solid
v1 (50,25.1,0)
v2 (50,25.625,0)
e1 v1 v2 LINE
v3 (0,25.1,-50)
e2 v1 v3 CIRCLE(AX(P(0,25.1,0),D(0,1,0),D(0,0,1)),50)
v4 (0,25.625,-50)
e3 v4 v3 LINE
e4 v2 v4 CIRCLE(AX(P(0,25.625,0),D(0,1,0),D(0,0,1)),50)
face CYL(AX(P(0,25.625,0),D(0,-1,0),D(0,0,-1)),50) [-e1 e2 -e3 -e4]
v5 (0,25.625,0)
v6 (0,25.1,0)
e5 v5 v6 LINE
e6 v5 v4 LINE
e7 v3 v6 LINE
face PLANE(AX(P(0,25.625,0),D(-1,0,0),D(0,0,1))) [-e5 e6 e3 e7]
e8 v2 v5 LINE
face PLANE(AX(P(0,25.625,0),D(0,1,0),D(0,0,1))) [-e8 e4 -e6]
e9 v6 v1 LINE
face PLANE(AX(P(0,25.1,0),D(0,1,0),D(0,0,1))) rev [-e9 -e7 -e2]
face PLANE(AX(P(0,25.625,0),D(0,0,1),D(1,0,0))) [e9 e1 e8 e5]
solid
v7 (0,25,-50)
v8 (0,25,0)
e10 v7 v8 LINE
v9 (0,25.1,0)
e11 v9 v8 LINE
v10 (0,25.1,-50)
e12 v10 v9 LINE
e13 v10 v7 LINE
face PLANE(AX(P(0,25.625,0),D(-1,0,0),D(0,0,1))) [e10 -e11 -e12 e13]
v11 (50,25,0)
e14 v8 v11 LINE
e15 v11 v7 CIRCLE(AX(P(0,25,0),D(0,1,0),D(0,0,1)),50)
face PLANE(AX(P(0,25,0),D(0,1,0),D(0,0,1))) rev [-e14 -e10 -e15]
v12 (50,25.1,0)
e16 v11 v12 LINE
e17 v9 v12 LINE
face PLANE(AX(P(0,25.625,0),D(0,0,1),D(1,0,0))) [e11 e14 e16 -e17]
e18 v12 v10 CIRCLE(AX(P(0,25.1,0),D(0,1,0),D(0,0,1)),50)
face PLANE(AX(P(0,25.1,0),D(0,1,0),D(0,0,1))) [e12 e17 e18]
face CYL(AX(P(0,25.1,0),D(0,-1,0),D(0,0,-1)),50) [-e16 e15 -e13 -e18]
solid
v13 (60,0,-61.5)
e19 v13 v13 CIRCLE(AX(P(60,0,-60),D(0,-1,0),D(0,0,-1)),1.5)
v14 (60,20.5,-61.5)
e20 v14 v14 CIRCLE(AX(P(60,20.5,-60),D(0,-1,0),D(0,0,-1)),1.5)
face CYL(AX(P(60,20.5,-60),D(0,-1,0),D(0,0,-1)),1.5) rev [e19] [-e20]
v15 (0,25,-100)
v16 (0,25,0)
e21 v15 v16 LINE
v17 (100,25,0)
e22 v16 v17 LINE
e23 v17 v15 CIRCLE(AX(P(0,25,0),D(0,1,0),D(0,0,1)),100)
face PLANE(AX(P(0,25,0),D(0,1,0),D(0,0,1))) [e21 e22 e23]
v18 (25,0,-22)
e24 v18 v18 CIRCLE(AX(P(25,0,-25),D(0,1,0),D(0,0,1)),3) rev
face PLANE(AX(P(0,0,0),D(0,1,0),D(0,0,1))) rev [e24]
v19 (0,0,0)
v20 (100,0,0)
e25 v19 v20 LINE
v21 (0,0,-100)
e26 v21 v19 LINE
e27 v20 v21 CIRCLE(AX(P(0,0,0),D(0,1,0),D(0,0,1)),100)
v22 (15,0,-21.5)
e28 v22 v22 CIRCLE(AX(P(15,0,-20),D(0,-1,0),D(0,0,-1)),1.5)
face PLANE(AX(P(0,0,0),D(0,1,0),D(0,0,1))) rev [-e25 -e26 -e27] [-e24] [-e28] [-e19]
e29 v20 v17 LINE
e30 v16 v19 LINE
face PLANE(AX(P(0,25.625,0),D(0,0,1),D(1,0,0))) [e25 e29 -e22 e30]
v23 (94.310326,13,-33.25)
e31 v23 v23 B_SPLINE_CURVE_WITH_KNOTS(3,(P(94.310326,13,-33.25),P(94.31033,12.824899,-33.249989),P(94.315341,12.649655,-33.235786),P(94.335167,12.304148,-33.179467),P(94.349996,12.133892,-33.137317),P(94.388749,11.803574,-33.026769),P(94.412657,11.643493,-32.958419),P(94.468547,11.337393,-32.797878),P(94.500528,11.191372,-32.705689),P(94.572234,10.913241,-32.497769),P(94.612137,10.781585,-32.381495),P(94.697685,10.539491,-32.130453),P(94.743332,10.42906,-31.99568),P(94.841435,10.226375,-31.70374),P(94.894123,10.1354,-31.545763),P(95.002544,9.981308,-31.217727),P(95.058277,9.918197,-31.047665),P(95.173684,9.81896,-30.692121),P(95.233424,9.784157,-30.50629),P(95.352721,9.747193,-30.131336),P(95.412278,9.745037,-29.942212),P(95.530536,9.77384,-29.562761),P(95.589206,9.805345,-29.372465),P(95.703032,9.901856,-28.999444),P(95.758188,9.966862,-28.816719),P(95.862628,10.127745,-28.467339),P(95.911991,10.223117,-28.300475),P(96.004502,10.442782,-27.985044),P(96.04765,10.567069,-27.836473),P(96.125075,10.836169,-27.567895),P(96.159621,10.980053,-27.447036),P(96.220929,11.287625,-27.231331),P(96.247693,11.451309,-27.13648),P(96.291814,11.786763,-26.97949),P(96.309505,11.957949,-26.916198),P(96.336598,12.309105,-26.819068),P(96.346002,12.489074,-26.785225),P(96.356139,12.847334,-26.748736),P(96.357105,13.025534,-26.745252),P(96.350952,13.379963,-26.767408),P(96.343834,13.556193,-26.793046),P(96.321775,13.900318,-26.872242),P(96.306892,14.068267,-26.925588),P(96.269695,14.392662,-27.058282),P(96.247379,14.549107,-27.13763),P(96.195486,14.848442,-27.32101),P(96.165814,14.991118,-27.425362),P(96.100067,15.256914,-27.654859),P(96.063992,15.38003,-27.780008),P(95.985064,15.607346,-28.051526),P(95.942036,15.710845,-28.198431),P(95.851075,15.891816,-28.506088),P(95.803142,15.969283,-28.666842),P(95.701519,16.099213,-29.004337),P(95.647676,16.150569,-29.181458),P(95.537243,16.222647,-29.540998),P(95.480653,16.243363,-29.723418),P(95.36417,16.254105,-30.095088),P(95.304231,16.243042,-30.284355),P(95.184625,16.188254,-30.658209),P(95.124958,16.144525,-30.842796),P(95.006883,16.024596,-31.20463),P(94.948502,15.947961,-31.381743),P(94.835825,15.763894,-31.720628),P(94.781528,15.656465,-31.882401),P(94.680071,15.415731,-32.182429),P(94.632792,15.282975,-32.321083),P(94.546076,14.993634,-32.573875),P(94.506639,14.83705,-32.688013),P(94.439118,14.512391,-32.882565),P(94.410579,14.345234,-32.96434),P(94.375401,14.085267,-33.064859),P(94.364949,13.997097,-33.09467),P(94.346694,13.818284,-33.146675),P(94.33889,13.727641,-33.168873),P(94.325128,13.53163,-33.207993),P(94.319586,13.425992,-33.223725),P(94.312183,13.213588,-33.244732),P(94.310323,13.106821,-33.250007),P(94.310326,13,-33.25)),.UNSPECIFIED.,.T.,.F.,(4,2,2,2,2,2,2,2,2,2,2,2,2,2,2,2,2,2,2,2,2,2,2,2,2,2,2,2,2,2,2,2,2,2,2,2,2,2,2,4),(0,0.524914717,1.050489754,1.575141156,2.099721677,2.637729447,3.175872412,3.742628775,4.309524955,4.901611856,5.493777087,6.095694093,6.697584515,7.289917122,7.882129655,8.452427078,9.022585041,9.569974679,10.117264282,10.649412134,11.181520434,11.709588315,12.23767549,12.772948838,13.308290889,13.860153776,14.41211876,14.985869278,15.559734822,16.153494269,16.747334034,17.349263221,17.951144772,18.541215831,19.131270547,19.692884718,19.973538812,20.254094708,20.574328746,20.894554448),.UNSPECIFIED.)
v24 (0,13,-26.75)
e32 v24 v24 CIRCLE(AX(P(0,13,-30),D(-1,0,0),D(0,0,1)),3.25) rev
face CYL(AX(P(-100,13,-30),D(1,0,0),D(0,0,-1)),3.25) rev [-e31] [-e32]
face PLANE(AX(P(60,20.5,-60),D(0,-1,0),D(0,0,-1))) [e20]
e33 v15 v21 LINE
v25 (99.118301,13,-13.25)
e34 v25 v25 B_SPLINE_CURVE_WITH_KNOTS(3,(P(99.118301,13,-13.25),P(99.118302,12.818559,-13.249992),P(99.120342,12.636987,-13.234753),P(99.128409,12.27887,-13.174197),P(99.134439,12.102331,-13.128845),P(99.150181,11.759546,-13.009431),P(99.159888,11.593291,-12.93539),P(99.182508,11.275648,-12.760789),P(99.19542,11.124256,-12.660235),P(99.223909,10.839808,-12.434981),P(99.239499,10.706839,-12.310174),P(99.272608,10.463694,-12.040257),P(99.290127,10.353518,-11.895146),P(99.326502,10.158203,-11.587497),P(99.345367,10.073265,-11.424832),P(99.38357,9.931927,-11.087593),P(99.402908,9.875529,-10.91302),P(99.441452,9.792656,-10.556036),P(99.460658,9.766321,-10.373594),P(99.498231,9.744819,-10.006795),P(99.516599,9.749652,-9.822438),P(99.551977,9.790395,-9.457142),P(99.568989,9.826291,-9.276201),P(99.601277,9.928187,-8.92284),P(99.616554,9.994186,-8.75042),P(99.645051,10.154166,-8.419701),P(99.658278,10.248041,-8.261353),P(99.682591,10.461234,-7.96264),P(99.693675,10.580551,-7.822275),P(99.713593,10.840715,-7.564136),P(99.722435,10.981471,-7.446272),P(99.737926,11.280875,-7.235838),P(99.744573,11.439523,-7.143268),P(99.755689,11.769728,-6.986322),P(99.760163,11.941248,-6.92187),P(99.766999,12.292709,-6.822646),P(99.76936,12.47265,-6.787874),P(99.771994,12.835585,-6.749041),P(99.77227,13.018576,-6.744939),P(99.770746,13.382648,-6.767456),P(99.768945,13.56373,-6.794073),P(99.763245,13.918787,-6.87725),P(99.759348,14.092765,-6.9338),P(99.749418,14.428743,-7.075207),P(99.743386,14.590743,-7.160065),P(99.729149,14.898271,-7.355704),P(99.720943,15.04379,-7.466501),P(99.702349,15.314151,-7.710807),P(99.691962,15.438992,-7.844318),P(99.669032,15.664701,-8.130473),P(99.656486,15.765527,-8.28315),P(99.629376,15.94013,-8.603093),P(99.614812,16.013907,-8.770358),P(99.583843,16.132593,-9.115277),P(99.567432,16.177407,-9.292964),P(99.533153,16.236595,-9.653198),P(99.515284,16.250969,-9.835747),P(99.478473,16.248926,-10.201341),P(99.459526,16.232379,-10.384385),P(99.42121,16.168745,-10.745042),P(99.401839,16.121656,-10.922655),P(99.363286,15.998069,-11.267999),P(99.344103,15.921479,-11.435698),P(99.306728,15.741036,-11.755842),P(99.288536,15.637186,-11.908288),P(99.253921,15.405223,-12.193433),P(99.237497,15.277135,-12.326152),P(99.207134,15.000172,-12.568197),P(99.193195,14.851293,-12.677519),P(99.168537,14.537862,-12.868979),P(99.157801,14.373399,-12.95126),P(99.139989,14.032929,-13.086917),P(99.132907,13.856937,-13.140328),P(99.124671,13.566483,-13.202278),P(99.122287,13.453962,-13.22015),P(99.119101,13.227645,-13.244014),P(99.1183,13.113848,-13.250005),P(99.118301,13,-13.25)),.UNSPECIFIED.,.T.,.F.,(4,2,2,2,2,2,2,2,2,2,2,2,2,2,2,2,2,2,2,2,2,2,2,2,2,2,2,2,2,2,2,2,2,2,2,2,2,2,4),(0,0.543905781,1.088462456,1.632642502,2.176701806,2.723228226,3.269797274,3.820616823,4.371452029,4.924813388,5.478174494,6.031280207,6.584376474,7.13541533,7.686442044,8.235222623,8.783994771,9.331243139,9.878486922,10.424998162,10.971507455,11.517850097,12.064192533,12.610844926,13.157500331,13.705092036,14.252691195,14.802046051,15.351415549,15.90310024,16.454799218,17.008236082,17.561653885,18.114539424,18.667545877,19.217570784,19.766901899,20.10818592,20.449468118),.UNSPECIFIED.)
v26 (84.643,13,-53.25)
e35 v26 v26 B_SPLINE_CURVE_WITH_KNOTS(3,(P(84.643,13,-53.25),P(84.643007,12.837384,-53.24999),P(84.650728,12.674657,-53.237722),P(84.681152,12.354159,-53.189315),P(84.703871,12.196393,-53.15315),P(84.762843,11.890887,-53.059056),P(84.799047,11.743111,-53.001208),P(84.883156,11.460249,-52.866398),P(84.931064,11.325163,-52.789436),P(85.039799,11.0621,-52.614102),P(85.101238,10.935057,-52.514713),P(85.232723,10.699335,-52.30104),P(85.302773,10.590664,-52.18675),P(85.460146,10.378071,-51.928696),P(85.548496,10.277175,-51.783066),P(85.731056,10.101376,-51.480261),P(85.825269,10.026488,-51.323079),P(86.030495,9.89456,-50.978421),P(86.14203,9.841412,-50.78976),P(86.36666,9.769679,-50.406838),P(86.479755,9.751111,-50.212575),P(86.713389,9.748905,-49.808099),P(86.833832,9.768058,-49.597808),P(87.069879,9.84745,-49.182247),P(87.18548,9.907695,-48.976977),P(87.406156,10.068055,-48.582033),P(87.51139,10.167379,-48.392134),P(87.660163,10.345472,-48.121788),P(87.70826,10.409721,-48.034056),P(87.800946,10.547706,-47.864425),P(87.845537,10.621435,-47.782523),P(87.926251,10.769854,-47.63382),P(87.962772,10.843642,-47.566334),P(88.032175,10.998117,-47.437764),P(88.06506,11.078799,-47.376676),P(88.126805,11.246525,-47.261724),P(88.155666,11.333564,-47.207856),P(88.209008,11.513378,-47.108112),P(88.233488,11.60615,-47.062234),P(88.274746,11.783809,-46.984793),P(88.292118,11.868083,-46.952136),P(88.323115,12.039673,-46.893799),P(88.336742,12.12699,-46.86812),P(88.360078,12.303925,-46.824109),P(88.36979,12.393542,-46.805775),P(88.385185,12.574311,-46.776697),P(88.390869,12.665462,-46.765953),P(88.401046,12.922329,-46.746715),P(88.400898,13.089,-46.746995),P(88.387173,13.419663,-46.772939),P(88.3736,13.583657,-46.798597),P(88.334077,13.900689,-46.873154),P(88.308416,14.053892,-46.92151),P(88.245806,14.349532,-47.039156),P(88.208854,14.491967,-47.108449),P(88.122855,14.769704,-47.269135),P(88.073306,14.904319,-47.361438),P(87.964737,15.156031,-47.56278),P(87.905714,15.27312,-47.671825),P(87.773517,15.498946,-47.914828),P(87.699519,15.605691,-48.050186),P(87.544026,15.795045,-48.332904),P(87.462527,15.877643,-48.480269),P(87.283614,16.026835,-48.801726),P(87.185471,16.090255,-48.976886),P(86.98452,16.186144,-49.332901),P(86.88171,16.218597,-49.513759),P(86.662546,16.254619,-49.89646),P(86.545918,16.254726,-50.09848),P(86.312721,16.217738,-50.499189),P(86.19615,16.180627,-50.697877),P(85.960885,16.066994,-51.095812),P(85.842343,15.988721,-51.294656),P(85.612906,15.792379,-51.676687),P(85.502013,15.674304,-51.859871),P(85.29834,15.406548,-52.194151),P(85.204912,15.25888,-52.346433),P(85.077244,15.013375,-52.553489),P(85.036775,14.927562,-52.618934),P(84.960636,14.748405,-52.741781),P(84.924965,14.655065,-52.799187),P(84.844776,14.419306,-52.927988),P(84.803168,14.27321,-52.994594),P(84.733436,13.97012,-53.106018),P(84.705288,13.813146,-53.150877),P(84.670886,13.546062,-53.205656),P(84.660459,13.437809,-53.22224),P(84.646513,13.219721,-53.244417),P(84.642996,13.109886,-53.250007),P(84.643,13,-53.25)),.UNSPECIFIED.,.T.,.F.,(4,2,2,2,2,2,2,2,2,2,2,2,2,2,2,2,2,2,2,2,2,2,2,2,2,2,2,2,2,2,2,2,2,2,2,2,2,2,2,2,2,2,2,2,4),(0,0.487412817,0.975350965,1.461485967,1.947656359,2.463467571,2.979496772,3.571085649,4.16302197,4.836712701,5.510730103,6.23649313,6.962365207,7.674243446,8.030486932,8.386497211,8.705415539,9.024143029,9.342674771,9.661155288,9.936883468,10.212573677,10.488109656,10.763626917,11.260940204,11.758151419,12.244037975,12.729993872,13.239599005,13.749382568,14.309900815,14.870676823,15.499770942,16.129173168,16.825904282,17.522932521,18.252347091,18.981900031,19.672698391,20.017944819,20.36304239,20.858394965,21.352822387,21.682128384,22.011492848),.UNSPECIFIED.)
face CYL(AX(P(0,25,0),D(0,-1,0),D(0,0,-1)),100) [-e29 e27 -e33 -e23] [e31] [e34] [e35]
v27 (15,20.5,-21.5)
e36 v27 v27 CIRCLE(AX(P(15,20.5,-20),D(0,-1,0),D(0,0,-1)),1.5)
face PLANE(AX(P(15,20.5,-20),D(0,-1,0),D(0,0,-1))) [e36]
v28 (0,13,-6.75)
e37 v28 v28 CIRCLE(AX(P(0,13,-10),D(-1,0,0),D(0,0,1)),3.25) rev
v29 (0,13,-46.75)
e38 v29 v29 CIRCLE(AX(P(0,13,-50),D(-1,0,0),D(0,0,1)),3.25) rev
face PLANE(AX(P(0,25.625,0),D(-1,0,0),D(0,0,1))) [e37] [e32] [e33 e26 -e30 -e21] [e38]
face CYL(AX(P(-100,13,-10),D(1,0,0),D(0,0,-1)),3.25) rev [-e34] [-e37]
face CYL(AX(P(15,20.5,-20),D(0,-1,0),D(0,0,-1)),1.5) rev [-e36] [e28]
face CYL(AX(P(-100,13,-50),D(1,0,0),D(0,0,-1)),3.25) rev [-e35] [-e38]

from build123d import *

# Parameters (mm, degrees)
SKETCH1_R               = 100
BOSS_EXTRUDE1_DEPTH     = 25
SKETCH2_R               = 50
BOSS_EXTRUDE2_DEPTH     = 0.1
SKETCH4_R               = 50
BOSS_EXTRUDE3_DEPTH     = 0.525
CUT_EXTRUDE1_DEPTH      = 144.724182464
CUT_EXTRUDE1_DEPTH_BACK = 144.724182464
SKETCH5_R               = 3.25
SKETCH6_R               = 1.5
CUT_EXTRUDE3_DEPTH      = 20.5
CUT_EXTRUDE4_DEPTH      = 144.724182603
CUT_EXTRUDE4_DEPTH_BACK = 144.724182603
SKETCH8_OUTSIDE_W       = 258.8
SKETCH8_OUTSIDE_H       = 258.8
SKETCH8_OUTSIDE_W_2     = 122.671800347
SKETCH8_OUTSIDE_H_2     = 113.648228552


with BuildPart() as part:
    # Sketch1 → Boss-Extrude1 (new body)
    with BuildSketch(Plane(origin=(0, 0, 0), x_dir=(1, 0, 0), z_dir=(0, 1, 0))):
        with Locations(Location((0, 0, 0), (0, 0, 270))):
            Circle(SKETCH1_R)
    extrude(amount=BOSS_EXTRUDE1_DEPTH)

    # Sketch5 → Cut-Extrude1 (cut, two sides: drawn at the far end of the back side and taken through both)
    with BuildSketch(Plane(origin=(0, 0, 0), x_dir=(0, 0, -1), z_dir=(1, 0, 0)).offset(-CUT_EXTRUDE1_DEPTH_BACK)):
        with Locations((10, 13)):
            Circle(SKETCH5_R)
        with Locations((30, 13)):
            Circle(SKETCH5_R)
        with Locations((50, 13)):
            Circle(SKETCH5_R)
    extrude(amount=CUT_EXTRUDE1_DEPTH + CUT_EXTRUDE1_DEPTH_BACK, mode=Mode.SUBTRACT)

    # Sketch6 → Cut-Extrude3 (cut)
    with BuildSketch(Plane.XZ):
        with Locations(Location((15, -20, 0), (0, 0, 270))):
            Circle(SKETCH6_R)
        with Locations(Location((60, -60, 0), (0, 0, 270))):
            Circle(SKETCH6_R)
    extrude(amount=-CUT_EXTRUDE3_DEPTH, mode=Mode.SUBTRACT)


with BuildPart() as body_2:
    # Sketch2 → Boss-Extrude2 (new body)
    with BuildSketch(Plane(origin=(0, 25, 0), x_dir=(1, 0, 0), z_dir=(0, 1, 0))):
        with Locations(Location((0, 0, 0), (0, 0, 270))):
            Circle(SKETCH2_R)
    extrude(amount=BOSS_EXTRUDE2_DEPTH)


with BuildPart() as body_3:
    # Sketch4 → Boss-Extrude3 (new body)
    with BuildSketch(Plane(origin=(0, 25.1, 0), x_dir=(1, 0, 0), z_dir=(0, 1, 0))):
        with Locations(Location((0, 0, 0), (0, 0, 270))):
            Circle(SKETCH4_R)
    extrude(amount=BOSS_EXTRUDE3_DEPTH)


with BuildPart() as cut_extrude4_tool:
    # Sketch8 outside → Cut-Extrude4 (new, two sides: drawn at the far end of the back side and taken through both)
    with BuildSketch(Plane.XZ.offset(-CUT_EXTRUDE4_DEPTH_BACK)):
        Rectangle(SKETCH8_OUTSIDE_W, SKETCH8_OUTSIDE_H)
        with Locations((61.335900174, -56.824114276)):
            Rectangle(SKETCH8_OUTSIDE_W_2, SKETCH8_OUTSIDE_H_2, mode=Mode.SUBTRACT)
    extrude(amount=CUT_EXTRUDE4_DEPTH + CUT_EXTRUDE4_DEPTH_BACK)


with BuildPart() as part_1:
    add(part.part)

    # Cut-Extrude4: cut by cut_extrude4_tool
    add(cut_extrude4_tool.part, mode=Mode.SUBTRACT)


with BuildPart() as body_2_1:
    add(body_2.part)

    # Cut-Extrude4: cut by cut_extrude4_tool
    add(cut_extrude4_tool.part, mode=Mode.SUBTRACT)


with BuildPart() as body_3_1:
    add(body_3.part)

    # Cut-Extrude4: cut by cut_extrude4_tool
    add(cut_extrude4_tool.part, mode=Mode.SUBTRACT)


solid = Compound([part_1.part, body_2_1.part, body_3_1.part])
